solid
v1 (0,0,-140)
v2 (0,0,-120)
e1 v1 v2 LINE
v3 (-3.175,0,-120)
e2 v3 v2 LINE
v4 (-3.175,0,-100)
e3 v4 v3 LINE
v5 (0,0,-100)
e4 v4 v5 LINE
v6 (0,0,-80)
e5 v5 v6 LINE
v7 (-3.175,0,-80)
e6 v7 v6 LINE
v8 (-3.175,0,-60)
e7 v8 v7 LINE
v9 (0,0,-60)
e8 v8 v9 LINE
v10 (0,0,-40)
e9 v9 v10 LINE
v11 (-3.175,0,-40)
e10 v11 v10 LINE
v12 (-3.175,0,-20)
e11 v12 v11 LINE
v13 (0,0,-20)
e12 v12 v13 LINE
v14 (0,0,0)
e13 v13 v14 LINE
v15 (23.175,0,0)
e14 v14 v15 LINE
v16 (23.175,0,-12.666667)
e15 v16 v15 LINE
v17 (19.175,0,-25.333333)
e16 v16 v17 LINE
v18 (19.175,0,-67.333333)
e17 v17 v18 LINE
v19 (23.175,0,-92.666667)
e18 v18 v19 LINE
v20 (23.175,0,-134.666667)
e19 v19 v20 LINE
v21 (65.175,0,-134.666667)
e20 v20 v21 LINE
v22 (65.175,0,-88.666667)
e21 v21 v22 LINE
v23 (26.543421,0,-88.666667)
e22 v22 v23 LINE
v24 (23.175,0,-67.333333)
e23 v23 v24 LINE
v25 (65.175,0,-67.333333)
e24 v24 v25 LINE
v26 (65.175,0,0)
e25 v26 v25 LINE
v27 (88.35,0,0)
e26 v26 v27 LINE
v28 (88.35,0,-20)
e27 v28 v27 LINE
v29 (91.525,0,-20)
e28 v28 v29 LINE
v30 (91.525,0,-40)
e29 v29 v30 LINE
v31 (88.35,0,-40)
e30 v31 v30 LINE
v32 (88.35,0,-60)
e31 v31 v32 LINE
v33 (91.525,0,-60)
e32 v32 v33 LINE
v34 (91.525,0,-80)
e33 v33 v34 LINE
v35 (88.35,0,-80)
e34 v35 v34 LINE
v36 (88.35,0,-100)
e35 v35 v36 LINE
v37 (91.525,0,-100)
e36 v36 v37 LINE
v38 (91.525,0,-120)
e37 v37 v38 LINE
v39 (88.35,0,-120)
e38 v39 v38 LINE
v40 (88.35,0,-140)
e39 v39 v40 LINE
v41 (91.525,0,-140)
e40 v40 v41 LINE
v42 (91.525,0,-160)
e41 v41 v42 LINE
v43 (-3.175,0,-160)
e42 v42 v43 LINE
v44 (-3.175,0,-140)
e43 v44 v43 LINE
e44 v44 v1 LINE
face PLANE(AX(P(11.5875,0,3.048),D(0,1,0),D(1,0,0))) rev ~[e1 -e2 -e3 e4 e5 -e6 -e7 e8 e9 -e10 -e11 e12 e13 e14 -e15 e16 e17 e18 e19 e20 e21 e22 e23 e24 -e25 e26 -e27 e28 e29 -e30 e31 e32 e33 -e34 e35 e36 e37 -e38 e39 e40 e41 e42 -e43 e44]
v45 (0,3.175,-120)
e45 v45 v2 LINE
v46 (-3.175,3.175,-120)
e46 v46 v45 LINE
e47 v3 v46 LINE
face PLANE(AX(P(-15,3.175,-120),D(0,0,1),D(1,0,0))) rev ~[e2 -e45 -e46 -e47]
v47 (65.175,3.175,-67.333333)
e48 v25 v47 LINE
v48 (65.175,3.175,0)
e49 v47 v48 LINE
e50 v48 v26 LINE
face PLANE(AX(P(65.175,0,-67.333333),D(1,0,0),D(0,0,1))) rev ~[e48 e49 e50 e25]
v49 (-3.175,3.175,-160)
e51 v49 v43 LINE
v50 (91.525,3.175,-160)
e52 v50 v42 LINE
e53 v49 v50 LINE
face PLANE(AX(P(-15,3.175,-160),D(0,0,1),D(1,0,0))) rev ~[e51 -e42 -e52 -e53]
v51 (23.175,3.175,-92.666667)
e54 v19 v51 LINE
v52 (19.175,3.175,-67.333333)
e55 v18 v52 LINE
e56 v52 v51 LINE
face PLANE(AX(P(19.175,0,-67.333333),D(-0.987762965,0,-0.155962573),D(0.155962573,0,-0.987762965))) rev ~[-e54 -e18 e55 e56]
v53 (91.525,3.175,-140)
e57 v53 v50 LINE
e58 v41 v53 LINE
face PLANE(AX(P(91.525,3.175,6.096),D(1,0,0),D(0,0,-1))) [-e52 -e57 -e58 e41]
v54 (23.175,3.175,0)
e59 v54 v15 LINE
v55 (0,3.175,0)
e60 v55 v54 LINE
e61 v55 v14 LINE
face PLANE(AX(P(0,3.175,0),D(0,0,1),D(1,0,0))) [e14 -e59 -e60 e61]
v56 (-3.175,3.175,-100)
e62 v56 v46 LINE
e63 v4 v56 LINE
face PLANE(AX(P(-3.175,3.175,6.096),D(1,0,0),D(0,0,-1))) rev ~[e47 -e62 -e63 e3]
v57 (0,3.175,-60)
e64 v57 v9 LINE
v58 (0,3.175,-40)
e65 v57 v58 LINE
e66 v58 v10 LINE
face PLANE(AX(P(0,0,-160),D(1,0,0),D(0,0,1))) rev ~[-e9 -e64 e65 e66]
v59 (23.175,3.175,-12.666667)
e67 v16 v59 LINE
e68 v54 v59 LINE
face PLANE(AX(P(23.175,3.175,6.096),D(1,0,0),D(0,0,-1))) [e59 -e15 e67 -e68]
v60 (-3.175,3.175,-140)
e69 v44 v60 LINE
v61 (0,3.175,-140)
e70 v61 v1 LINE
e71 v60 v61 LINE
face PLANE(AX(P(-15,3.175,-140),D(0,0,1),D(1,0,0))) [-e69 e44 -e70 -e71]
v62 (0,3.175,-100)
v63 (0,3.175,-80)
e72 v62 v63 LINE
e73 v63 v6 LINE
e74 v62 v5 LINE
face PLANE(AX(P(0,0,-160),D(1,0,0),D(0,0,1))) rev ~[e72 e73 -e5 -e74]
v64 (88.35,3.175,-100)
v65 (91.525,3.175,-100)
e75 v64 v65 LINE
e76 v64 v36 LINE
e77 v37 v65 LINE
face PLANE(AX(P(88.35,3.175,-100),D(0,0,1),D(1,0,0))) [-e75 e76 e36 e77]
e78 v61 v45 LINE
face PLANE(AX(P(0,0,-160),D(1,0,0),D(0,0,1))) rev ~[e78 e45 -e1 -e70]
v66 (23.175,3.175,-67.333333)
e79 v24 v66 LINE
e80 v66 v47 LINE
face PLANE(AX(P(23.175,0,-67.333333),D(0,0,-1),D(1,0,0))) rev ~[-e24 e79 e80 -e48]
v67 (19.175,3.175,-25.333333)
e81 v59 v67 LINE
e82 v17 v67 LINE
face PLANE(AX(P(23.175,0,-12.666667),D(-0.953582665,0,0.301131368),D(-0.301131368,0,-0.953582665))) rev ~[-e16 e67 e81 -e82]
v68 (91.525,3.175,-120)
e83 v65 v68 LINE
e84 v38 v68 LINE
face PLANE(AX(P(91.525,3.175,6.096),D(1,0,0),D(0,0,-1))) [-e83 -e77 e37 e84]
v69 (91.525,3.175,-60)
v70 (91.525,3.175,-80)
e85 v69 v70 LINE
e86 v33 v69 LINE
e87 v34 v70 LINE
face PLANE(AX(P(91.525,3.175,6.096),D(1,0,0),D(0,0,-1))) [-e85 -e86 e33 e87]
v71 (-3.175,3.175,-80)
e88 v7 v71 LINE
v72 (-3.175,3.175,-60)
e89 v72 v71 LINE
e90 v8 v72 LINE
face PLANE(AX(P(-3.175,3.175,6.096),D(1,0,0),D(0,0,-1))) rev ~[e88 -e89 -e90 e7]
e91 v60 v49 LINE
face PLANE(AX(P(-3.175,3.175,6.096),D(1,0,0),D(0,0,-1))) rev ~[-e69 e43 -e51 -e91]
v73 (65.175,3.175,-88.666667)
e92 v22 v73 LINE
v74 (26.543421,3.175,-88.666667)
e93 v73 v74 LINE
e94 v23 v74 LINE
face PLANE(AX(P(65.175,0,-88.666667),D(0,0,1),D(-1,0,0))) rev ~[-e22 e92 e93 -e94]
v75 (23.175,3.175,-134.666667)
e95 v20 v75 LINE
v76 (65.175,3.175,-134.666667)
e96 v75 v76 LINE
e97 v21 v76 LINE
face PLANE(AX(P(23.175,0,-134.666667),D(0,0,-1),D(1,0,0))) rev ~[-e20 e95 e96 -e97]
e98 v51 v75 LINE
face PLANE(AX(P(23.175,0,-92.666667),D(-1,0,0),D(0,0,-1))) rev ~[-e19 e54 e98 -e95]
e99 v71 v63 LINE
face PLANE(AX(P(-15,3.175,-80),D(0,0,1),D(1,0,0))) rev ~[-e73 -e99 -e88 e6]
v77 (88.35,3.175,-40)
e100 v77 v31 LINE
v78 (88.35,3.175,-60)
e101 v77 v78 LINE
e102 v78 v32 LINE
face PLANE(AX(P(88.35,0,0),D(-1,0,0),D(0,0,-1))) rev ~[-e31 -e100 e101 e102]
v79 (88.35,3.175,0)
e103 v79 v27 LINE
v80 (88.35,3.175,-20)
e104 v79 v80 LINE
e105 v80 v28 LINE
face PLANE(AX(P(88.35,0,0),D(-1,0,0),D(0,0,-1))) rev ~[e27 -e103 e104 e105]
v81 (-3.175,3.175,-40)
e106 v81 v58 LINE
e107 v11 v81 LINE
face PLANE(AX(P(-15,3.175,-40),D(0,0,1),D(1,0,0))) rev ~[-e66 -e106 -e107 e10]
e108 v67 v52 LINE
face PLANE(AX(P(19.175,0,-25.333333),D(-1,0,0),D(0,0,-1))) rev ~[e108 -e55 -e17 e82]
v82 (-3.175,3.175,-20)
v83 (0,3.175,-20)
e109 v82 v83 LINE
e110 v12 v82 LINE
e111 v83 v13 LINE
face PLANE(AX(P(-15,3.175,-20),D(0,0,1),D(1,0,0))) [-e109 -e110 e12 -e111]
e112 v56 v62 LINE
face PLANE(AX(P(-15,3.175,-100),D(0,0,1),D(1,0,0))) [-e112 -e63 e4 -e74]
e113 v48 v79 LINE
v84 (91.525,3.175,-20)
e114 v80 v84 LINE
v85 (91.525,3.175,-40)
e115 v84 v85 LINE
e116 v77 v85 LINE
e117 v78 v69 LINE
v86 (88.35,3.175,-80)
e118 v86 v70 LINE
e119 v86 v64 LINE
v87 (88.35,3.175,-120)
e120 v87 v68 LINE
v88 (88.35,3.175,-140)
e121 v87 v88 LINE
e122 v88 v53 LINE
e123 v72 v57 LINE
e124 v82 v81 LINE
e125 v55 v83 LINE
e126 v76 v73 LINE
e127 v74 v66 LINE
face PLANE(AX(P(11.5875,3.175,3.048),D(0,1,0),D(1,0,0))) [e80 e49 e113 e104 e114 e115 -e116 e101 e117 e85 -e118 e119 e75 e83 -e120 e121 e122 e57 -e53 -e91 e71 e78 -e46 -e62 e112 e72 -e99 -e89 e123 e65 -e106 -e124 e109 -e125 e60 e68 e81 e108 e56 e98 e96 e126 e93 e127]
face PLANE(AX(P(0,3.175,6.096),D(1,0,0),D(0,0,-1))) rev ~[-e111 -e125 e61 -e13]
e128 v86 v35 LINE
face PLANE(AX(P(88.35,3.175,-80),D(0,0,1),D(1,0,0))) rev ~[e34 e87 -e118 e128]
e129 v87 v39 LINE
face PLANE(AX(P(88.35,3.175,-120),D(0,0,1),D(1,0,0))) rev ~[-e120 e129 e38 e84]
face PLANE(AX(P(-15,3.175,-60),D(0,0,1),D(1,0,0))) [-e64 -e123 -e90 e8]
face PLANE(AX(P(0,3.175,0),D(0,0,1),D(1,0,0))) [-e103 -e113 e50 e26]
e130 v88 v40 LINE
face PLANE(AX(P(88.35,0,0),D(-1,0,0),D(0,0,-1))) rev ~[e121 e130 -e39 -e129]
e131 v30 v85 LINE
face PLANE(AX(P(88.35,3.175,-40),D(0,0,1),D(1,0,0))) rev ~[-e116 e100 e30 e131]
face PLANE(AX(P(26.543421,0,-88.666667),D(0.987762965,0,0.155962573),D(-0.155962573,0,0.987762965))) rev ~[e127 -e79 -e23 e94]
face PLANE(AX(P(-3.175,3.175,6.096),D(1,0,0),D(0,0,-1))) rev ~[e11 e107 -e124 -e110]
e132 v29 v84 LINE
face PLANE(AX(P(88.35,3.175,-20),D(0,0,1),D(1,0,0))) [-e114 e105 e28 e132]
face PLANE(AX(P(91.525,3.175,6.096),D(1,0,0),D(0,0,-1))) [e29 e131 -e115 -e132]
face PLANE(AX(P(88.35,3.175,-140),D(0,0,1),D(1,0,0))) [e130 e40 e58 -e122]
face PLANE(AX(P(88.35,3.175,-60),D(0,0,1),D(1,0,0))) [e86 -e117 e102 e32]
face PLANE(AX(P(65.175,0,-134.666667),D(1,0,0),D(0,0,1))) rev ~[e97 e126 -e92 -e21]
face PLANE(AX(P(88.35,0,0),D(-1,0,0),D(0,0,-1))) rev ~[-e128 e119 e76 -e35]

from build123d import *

# Parameters (mm, degrees)
BOSS_EXTRUDE1_DEPTH = 3.175
SKETCH3_W           = 15
SKETCH3_H           = 20
SKETCH3_R           = 3.5
BOSS_EXTRUDE3_DEPTH = 3.175
SKETCH4_W           = 23.175
SKETCH4_H           = 6.096
BOSS_EXTRUDE4_DEPTH = 3.175
SKETCH5_W           = 11.825
SKETCH5_H           = 166.096
CUT_EXTRUDE1_DEPTH  = 191.502764088
SKETCH6_W           = 88.35
SKETCH6_H           = 6.096
CUT_EXTRUDE2_DEPTH  = 185.355380312


with BuildPart() as part:
    # Sketch1 → Boss-Extrude1 (new body)
    with BuildSketch(Plane(origin=(0, 0, 0), x_dir=(1, 0, 0), z_dir=(0, 1, 0))):
        Polygon((0, 160), (0, 0), (23.175, 0), (23.175, 12.666666667), (19.175, 25.333333333), (19.175, 67.333333333), (23.175, 92.666666667), (23.175, 134.666666667), (65.175, 134.666666667), (65.175, 92.666666667), (65.175, 88.666666667), (26.543421053, 88.666666667), (23.175, 67.333333333), (65.175, 67.333333333), (65.175, 25.333333333), (65.175, 0), (88.35, 0), (88.35, 160), align=None)
    extrude(amount=BOSS_EXTRUDE1_DEPTH)

    # Sketch3 → Boss-Extrude3 (add)
    # profile 1 of 8: a face of its own
    with BuildSketch(Plane(origin=(0, 3.175, 0), x_dir=(1, 0, 0), z_dir=(0, 1, 0))):
        with Locations((-7.5, 150)):
            Rectangle(SKETCH3_W, SKETCH3_H)
        with Locations(Location((-7.5, 150, 0), (0, 0, 270))):
            Circle(SKETCH3_R, mode=Mode.SUBTRACT)
    # profile 2 of 8: a face of its own
    with BuildSketch(Plane(origin=(0, 3.175, 0), x_dir=(1, 0, 0), z_dir=(0, 1, 0))):
        with Locations((-7.5, 110)):
            Rectangle(SKETCH3_W, SKETCH3_H)
        with Locations(Location((-7.5, 110, 0), (0, 0, 270))):
            Circle(SKETCH3_R, mode=Mode.SUBTRACT)
    # profile 3 of 8: a face of its own
    with BuildSketch(Plane(origin=(0, 3.175, 0), x_dir=(1, 0, 0), z_dir=(0, 1, 0))):
        with Locations((-7.5, 70)):
            Rectangle(SKETCH3_W, SKETCH3_H)
        with Locations(Location((-7.5, 70, 0), (0, 0, 270))):
            Circle(SKETCH3_R, mode=Mode.SUBTRACT)
    # profile 4 of 8: a face of its own
    with BuildSketch(Plane(origin=(0, 3.175, 0), x_dir=(1, 0, 0), z_dir=(0, 1, 0))):
        with Locations((-7.5, 30)):
            Rectangle(SKETCH3_W, SKETCH3_H)
        with Locations(Location((-7.5, 30, 0), (0, 0, 270))):
            Circle(SKETCH3_R, mode=Mode.SUBTRACT)
    # profile 5 of 8: a face of its own
    with BuildSketch(Plane(origin=(0, 3.175, 0), x_dir=(1, 0, 0), z_dir=(0, 1, 0))):
        with Locations((95.85, 30)):
            Rectangle(SKETCH3_W, SKETCH3_H)
        with Locations(Location((95.85, 30, 0), (0, 0, 270))):
            Circle(SKETCH3_R, mode=Mode.SUBTRACT)
    # profile 6 of 8: a face of its own
    with BuildSketch(Plane(origin=(0, 3.175, 0), x_dir=(1, 0, 0), z_dir=(0, 1, 0))):
        with Locations((95.85, 70)):
            Rectangle(SKETCH3_W, SKETCH3_H)
        with Locations(Location((95.85, 70, 0), (0, 0, 270))):
            Circle(SKETCH3_R, mode=Mode.SUBTRACT)
    # profile 7 of 8: a face of its own
    with BuildSketch(Plane(origin=(0, 3.175, 0), x_dir=(1, 0, 0), z_dir=(0, 1, 0))):
        with Locations((95.85, 110)):
            Rectangle(SKETCH3_W, SKETCH3_H)
        with Locations(Location((95.85, 110, 0), (0, 0, 270))):
            Circle(SKETCH3_R, mode=Mode.SUBTRACT)
    # profile 8 of 8: a face of its own
    with BuildSketch(Plane(origin=(0, 3.175, 0), x_dir=(1, 0, 0), z_dir=(0, 1, 0))):
        with Locations((95.85, 150)):
            Rectangle(SKETCH3_W, SKETCH3_H)
        with Locations(Location((95.85, 150, 0), (0, 0, 270))):
            Circle(SKETCH3_R, mode=Mode.SUBTRACT)
    extrude(amount=-BOSS_EXTRUDE3_DEPTH)

    # Sketch4 → Boss-Extrude4 (add)
    with BuildSketch(Plane(origin=(0, 3.175, 0), x_dir=(1, 0, 0), z_dir=(0, 1, 0))):
        with Locations((11.5875, -3.048)):
            Rectangle(SKETCH4_W, SKETCH4_H)
        with Locations((76.7625, -3.048)):
            Rectangle(SKETCH4_W, SKETCH4_H)
    extrude(amount=-BOSS_EXTRUDE4_DEPTH)

    # Sketch5 → Cut-Extrude1 (cut, through all)
    with BuildSketch(Plane(origin=(0, 3.175, 0), x_dir=(1, 0, 0), z_dir=(0, 1, 0))):
        with Locations((-9.0875, 76.952)):
            Rectangle(SKETCH5_W, SKETCH5_H)
        with Locations((97.4375, 76.952)):
            Rectangle(SKETCH5_W, SKETCH5_H)
    extrude(amount=-CUT_EXTRUDE1_DEPTH, mode=Mode.SUBTRACT)

    # Sketch6 → Cut-Extrude2 (cut, through all)
    with BuildSketch(Plane(origin=(0, 3.175, 0), x_dir=(1, 0, 0), z_dir=(0, 1, 0))):
        with Locations((44.175, -3.048)):
            Rectangle(SKETCH6_W, SKETCH6_H)
    extrude(amount=-CUT_EXTRUDE2_DEPTH, mode=Mode.SUBTRACT)


solid = part.part
